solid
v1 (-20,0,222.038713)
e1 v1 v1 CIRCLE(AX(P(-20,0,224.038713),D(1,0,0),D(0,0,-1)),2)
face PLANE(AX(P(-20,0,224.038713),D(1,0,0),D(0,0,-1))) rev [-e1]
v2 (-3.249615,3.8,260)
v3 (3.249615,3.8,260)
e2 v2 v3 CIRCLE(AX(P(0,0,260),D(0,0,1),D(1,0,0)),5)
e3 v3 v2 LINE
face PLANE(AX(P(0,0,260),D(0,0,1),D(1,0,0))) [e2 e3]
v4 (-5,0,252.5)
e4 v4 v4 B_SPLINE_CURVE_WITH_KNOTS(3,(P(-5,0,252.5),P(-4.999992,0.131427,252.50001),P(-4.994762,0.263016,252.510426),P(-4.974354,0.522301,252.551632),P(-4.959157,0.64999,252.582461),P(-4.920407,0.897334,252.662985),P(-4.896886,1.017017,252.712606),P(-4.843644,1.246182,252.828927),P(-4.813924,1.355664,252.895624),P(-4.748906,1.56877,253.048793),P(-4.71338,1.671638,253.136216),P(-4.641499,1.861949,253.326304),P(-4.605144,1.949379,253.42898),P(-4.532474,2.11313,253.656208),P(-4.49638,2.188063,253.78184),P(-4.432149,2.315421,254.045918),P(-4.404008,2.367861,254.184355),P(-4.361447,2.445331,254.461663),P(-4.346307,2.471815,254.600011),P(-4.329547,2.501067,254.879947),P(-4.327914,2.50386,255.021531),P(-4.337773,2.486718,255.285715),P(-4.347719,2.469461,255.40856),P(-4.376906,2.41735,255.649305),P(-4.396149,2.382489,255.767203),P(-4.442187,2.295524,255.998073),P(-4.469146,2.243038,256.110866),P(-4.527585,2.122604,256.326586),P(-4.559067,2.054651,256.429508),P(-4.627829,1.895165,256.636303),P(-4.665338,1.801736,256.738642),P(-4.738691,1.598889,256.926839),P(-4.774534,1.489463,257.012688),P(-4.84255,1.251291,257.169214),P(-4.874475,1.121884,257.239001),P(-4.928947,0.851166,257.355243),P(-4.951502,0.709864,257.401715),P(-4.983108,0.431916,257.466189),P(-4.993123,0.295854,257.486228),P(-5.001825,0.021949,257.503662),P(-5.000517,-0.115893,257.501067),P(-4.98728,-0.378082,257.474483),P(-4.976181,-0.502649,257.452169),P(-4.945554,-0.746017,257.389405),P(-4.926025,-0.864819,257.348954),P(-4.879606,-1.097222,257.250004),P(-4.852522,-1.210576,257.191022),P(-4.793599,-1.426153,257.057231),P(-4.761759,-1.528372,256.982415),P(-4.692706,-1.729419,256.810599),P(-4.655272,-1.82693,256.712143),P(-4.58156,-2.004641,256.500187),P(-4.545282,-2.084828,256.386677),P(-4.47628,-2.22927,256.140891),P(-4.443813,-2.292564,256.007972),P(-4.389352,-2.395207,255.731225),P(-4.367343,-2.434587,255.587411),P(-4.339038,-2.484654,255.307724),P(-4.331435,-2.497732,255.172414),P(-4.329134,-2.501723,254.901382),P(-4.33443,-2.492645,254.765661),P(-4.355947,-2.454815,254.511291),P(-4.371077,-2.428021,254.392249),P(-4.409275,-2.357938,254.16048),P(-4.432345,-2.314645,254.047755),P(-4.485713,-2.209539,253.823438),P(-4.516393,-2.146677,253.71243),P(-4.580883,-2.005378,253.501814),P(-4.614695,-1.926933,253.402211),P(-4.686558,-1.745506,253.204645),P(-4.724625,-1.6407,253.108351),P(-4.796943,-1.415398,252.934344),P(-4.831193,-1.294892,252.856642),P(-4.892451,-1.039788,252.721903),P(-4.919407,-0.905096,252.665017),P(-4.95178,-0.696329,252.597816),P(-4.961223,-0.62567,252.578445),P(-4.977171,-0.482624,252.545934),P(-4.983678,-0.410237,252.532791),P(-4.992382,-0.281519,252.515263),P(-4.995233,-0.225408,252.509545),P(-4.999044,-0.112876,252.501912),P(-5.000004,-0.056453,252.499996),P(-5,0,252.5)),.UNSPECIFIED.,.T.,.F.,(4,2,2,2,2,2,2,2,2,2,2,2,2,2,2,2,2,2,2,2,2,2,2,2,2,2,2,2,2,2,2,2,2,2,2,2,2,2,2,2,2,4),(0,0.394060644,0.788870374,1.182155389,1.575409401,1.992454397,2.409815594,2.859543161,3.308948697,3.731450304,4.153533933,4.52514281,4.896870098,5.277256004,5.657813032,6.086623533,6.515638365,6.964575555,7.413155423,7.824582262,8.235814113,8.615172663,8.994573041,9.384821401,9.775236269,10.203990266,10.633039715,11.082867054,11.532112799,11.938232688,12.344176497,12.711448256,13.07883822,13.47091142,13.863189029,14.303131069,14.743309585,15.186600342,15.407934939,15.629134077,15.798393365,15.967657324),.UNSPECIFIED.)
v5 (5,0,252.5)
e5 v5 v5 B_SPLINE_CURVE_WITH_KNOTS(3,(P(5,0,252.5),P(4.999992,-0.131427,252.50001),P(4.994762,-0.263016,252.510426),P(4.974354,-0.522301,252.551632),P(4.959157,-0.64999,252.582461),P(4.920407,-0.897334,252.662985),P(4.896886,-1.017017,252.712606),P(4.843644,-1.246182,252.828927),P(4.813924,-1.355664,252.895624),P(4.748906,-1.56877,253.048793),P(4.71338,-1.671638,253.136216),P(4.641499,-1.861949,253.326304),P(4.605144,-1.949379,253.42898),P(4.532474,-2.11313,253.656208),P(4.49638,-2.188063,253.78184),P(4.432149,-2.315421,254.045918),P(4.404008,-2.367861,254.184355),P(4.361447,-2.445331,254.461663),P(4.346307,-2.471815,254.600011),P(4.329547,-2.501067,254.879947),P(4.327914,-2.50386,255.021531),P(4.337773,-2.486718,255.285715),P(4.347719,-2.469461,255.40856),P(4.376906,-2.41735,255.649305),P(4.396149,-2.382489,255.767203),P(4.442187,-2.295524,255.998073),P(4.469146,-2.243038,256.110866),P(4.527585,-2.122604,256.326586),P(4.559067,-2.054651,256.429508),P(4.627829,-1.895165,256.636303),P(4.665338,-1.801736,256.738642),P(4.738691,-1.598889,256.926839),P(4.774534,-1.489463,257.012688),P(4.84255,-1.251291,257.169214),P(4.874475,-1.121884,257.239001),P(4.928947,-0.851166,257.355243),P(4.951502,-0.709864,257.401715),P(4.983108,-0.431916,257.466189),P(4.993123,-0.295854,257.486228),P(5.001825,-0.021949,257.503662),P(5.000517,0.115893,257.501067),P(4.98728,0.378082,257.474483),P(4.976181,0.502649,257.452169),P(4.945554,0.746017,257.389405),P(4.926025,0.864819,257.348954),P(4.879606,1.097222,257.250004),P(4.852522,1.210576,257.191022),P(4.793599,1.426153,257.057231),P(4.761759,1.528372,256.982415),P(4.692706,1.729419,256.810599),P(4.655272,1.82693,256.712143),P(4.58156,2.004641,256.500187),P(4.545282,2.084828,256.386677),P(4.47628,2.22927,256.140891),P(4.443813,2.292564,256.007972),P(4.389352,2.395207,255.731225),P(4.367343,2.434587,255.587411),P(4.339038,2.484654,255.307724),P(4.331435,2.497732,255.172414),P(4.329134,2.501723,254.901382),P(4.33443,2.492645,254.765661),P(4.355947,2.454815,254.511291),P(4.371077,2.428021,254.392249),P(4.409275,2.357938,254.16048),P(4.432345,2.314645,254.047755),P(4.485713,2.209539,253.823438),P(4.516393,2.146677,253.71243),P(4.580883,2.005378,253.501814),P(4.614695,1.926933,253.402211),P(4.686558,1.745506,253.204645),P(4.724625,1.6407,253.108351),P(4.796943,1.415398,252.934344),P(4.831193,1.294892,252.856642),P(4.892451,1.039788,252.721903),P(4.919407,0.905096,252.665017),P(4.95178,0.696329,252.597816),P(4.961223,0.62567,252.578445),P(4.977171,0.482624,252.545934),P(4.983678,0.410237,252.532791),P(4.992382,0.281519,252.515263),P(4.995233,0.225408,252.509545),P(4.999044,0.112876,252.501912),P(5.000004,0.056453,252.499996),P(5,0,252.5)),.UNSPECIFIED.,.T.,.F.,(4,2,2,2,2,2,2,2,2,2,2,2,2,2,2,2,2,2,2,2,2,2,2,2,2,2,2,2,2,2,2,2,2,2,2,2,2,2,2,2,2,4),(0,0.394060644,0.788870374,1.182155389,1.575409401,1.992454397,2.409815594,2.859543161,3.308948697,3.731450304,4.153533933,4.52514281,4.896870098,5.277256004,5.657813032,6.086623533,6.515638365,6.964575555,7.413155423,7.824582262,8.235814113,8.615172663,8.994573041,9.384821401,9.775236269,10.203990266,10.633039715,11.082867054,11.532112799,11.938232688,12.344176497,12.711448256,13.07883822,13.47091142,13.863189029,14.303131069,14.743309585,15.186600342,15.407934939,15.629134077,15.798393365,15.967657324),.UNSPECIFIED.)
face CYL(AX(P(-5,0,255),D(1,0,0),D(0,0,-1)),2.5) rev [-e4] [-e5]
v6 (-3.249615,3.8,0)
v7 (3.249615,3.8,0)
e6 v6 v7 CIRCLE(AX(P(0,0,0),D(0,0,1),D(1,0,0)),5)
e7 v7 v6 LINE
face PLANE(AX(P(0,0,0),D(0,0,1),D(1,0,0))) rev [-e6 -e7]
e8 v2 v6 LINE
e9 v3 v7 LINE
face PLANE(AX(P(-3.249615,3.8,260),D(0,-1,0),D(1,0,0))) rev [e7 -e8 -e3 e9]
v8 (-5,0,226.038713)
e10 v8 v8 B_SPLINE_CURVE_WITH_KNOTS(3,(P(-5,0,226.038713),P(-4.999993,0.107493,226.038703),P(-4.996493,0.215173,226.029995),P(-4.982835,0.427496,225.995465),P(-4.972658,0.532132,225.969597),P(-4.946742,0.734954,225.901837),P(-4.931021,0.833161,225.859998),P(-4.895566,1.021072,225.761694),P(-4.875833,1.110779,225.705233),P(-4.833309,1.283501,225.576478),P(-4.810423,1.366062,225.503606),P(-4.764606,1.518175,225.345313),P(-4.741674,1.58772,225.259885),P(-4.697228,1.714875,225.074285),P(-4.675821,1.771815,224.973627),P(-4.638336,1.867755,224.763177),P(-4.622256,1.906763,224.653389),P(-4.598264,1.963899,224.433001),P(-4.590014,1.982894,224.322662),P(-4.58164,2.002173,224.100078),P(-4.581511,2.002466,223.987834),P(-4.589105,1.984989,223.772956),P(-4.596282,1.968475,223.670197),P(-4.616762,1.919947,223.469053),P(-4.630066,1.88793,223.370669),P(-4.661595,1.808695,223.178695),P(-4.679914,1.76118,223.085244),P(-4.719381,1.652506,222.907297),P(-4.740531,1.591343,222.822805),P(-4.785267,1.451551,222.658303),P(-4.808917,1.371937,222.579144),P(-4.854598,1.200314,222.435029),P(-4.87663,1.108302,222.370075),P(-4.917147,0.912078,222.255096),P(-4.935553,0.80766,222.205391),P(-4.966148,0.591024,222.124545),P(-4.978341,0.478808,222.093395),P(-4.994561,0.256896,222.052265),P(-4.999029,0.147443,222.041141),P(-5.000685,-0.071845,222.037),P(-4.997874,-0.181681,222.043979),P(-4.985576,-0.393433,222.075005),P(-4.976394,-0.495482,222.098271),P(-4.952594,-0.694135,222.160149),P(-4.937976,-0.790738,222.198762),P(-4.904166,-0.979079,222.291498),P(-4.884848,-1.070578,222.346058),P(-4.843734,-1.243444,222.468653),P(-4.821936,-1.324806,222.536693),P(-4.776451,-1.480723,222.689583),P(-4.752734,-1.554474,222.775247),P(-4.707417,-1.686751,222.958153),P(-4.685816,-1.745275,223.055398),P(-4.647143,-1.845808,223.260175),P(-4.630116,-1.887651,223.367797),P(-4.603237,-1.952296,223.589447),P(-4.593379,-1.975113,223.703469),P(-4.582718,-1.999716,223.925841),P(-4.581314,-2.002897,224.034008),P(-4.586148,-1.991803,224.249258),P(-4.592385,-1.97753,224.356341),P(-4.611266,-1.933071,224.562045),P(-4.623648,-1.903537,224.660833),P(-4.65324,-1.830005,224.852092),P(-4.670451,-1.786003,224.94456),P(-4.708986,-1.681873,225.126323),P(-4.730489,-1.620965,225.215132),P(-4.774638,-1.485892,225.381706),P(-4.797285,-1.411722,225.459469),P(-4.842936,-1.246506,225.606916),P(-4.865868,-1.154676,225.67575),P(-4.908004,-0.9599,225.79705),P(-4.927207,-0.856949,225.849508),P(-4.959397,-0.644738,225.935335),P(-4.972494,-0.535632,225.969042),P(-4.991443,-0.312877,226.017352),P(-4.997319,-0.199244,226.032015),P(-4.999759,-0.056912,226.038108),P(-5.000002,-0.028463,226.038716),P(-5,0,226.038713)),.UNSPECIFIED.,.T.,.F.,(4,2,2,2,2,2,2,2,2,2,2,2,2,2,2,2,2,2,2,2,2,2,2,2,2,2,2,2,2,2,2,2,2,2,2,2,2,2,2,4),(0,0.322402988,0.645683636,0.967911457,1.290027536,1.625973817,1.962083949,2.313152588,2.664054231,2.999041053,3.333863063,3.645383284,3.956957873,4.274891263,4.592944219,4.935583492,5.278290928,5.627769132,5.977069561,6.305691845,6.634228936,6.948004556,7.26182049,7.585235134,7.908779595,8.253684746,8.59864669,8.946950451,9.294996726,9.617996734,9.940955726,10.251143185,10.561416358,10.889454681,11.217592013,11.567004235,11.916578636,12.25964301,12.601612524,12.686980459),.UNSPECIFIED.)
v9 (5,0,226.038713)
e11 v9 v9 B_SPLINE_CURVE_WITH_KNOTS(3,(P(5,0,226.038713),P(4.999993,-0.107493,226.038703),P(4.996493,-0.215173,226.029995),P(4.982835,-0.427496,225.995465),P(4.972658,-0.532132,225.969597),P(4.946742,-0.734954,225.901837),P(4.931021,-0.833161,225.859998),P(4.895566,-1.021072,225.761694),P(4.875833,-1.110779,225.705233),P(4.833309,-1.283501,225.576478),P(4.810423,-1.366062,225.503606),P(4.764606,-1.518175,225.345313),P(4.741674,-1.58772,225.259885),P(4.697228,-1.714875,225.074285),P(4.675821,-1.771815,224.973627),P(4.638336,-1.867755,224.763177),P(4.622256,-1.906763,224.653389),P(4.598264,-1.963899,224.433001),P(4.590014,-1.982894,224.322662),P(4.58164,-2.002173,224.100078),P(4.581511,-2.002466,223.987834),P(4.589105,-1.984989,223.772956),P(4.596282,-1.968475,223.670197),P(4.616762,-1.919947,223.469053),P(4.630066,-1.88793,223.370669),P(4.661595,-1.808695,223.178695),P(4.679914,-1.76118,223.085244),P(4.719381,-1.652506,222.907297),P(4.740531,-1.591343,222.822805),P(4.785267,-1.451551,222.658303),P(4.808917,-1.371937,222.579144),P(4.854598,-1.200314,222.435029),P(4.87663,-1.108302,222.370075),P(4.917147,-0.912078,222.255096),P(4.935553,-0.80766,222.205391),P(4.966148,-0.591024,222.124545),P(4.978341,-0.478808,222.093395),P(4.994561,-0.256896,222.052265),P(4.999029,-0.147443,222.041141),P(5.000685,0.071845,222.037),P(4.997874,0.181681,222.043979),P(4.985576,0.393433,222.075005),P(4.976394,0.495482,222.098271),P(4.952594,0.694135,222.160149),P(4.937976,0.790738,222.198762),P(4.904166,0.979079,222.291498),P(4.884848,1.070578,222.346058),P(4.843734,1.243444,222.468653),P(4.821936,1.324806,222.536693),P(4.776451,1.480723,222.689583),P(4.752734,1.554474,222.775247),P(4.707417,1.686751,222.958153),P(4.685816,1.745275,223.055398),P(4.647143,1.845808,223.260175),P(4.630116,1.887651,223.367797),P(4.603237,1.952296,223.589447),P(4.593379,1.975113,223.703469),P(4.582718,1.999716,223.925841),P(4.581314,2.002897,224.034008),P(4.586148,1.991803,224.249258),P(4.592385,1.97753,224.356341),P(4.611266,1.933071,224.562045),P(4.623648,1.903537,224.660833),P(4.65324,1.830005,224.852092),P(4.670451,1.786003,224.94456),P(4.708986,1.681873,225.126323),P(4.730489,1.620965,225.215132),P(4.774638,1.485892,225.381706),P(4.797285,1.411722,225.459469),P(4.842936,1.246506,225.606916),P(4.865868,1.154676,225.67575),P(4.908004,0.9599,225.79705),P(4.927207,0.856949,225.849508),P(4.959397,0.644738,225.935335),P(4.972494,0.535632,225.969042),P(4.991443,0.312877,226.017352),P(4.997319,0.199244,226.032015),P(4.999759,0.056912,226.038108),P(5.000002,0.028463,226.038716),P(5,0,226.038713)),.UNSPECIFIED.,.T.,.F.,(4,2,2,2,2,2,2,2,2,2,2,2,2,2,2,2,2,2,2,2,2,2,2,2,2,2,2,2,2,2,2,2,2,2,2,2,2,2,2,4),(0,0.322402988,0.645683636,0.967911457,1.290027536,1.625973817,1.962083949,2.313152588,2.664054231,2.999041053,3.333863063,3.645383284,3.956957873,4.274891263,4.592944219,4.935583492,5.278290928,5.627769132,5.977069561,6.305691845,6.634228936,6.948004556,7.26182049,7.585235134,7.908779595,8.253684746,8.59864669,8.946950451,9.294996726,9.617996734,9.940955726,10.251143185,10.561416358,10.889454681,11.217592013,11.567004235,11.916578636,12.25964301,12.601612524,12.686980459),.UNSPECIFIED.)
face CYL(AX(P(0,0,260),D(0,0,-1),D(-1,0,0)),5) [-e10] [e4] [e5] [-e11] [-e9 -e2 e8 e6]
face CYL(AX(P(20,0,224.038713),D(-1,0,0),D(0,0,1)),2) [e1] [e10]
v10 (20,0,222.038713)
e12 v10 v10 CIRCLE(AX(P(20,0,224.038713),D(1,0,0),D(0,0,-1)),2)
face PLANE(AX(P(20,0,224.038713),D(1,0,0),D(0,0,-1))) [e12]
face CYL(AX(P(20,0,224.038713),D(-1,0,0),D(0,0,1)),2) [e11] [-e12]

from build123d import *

# Parameters (mm, degrees)
BOSS_EXTRU_1_DEPTH           = 260
ENL_V_MAT_EXTRU_1_DEPTH      = 261.096136073
ENL_V_MAT_EXTRU_1_DEPTH_BACK = 261.096136073
ESQUISSE2_R                  = 2.5
ESQUISSE3_R                  = 2
BOSS_EXTRU_2_DEPTH           = 20


with BuildPart() as part:
    # Esquisse1 → Boss.-Extru.1 (new body)
    with BuildSketch(Plane.XY):
        with BuildLine():
            Line((-3.249615362, 3.8), (3.249615362, 3.8))
            ThreePointArc((3.249615362, 3.8), (0, -5), (-3.249615362, 3.8))
        make_face()
    extrude(amount=BOSS_EXTRU_1_DEPTH)

    # Esquisse2 → Enlèv. mat.-Extru.1 (cut, two sides: drawn at the far end of the back side and taken through both)
    with BuildSketch(Plane(origin=(0, 0, 0), x_dir=(0, 0, -1), z_dir=(1, 0, 0)).offset(-ENL_V_MAT_EXTRU_1_DEPTH_BACK)):
        with Locations((-255, 0)):
            Circle(ESQUISSE2_R)
    extrude(amount=ENL_V_MAT_EXTRU_1_DEPTH + ENL_V_MAT_EXTRU_1_DEPTH_BACK, mode=Mode.SUBTRACT)

    # Esquisse3 → Boss.-Extru.2 (add, symmetric)
    with BuildSketch(Plane(origin=(0, 0, 0), x_dir=(0, 0, -1), z_dir=(1, 0, 0))):
        with Locations(Location((-224.038713001, 0, 0), (0, 0, 180))):
            Circle(ESQUISSE3_R)
    extrude(amount=BOSS_EXTRU_2_DEPTH, both=True)


solid = part.part
